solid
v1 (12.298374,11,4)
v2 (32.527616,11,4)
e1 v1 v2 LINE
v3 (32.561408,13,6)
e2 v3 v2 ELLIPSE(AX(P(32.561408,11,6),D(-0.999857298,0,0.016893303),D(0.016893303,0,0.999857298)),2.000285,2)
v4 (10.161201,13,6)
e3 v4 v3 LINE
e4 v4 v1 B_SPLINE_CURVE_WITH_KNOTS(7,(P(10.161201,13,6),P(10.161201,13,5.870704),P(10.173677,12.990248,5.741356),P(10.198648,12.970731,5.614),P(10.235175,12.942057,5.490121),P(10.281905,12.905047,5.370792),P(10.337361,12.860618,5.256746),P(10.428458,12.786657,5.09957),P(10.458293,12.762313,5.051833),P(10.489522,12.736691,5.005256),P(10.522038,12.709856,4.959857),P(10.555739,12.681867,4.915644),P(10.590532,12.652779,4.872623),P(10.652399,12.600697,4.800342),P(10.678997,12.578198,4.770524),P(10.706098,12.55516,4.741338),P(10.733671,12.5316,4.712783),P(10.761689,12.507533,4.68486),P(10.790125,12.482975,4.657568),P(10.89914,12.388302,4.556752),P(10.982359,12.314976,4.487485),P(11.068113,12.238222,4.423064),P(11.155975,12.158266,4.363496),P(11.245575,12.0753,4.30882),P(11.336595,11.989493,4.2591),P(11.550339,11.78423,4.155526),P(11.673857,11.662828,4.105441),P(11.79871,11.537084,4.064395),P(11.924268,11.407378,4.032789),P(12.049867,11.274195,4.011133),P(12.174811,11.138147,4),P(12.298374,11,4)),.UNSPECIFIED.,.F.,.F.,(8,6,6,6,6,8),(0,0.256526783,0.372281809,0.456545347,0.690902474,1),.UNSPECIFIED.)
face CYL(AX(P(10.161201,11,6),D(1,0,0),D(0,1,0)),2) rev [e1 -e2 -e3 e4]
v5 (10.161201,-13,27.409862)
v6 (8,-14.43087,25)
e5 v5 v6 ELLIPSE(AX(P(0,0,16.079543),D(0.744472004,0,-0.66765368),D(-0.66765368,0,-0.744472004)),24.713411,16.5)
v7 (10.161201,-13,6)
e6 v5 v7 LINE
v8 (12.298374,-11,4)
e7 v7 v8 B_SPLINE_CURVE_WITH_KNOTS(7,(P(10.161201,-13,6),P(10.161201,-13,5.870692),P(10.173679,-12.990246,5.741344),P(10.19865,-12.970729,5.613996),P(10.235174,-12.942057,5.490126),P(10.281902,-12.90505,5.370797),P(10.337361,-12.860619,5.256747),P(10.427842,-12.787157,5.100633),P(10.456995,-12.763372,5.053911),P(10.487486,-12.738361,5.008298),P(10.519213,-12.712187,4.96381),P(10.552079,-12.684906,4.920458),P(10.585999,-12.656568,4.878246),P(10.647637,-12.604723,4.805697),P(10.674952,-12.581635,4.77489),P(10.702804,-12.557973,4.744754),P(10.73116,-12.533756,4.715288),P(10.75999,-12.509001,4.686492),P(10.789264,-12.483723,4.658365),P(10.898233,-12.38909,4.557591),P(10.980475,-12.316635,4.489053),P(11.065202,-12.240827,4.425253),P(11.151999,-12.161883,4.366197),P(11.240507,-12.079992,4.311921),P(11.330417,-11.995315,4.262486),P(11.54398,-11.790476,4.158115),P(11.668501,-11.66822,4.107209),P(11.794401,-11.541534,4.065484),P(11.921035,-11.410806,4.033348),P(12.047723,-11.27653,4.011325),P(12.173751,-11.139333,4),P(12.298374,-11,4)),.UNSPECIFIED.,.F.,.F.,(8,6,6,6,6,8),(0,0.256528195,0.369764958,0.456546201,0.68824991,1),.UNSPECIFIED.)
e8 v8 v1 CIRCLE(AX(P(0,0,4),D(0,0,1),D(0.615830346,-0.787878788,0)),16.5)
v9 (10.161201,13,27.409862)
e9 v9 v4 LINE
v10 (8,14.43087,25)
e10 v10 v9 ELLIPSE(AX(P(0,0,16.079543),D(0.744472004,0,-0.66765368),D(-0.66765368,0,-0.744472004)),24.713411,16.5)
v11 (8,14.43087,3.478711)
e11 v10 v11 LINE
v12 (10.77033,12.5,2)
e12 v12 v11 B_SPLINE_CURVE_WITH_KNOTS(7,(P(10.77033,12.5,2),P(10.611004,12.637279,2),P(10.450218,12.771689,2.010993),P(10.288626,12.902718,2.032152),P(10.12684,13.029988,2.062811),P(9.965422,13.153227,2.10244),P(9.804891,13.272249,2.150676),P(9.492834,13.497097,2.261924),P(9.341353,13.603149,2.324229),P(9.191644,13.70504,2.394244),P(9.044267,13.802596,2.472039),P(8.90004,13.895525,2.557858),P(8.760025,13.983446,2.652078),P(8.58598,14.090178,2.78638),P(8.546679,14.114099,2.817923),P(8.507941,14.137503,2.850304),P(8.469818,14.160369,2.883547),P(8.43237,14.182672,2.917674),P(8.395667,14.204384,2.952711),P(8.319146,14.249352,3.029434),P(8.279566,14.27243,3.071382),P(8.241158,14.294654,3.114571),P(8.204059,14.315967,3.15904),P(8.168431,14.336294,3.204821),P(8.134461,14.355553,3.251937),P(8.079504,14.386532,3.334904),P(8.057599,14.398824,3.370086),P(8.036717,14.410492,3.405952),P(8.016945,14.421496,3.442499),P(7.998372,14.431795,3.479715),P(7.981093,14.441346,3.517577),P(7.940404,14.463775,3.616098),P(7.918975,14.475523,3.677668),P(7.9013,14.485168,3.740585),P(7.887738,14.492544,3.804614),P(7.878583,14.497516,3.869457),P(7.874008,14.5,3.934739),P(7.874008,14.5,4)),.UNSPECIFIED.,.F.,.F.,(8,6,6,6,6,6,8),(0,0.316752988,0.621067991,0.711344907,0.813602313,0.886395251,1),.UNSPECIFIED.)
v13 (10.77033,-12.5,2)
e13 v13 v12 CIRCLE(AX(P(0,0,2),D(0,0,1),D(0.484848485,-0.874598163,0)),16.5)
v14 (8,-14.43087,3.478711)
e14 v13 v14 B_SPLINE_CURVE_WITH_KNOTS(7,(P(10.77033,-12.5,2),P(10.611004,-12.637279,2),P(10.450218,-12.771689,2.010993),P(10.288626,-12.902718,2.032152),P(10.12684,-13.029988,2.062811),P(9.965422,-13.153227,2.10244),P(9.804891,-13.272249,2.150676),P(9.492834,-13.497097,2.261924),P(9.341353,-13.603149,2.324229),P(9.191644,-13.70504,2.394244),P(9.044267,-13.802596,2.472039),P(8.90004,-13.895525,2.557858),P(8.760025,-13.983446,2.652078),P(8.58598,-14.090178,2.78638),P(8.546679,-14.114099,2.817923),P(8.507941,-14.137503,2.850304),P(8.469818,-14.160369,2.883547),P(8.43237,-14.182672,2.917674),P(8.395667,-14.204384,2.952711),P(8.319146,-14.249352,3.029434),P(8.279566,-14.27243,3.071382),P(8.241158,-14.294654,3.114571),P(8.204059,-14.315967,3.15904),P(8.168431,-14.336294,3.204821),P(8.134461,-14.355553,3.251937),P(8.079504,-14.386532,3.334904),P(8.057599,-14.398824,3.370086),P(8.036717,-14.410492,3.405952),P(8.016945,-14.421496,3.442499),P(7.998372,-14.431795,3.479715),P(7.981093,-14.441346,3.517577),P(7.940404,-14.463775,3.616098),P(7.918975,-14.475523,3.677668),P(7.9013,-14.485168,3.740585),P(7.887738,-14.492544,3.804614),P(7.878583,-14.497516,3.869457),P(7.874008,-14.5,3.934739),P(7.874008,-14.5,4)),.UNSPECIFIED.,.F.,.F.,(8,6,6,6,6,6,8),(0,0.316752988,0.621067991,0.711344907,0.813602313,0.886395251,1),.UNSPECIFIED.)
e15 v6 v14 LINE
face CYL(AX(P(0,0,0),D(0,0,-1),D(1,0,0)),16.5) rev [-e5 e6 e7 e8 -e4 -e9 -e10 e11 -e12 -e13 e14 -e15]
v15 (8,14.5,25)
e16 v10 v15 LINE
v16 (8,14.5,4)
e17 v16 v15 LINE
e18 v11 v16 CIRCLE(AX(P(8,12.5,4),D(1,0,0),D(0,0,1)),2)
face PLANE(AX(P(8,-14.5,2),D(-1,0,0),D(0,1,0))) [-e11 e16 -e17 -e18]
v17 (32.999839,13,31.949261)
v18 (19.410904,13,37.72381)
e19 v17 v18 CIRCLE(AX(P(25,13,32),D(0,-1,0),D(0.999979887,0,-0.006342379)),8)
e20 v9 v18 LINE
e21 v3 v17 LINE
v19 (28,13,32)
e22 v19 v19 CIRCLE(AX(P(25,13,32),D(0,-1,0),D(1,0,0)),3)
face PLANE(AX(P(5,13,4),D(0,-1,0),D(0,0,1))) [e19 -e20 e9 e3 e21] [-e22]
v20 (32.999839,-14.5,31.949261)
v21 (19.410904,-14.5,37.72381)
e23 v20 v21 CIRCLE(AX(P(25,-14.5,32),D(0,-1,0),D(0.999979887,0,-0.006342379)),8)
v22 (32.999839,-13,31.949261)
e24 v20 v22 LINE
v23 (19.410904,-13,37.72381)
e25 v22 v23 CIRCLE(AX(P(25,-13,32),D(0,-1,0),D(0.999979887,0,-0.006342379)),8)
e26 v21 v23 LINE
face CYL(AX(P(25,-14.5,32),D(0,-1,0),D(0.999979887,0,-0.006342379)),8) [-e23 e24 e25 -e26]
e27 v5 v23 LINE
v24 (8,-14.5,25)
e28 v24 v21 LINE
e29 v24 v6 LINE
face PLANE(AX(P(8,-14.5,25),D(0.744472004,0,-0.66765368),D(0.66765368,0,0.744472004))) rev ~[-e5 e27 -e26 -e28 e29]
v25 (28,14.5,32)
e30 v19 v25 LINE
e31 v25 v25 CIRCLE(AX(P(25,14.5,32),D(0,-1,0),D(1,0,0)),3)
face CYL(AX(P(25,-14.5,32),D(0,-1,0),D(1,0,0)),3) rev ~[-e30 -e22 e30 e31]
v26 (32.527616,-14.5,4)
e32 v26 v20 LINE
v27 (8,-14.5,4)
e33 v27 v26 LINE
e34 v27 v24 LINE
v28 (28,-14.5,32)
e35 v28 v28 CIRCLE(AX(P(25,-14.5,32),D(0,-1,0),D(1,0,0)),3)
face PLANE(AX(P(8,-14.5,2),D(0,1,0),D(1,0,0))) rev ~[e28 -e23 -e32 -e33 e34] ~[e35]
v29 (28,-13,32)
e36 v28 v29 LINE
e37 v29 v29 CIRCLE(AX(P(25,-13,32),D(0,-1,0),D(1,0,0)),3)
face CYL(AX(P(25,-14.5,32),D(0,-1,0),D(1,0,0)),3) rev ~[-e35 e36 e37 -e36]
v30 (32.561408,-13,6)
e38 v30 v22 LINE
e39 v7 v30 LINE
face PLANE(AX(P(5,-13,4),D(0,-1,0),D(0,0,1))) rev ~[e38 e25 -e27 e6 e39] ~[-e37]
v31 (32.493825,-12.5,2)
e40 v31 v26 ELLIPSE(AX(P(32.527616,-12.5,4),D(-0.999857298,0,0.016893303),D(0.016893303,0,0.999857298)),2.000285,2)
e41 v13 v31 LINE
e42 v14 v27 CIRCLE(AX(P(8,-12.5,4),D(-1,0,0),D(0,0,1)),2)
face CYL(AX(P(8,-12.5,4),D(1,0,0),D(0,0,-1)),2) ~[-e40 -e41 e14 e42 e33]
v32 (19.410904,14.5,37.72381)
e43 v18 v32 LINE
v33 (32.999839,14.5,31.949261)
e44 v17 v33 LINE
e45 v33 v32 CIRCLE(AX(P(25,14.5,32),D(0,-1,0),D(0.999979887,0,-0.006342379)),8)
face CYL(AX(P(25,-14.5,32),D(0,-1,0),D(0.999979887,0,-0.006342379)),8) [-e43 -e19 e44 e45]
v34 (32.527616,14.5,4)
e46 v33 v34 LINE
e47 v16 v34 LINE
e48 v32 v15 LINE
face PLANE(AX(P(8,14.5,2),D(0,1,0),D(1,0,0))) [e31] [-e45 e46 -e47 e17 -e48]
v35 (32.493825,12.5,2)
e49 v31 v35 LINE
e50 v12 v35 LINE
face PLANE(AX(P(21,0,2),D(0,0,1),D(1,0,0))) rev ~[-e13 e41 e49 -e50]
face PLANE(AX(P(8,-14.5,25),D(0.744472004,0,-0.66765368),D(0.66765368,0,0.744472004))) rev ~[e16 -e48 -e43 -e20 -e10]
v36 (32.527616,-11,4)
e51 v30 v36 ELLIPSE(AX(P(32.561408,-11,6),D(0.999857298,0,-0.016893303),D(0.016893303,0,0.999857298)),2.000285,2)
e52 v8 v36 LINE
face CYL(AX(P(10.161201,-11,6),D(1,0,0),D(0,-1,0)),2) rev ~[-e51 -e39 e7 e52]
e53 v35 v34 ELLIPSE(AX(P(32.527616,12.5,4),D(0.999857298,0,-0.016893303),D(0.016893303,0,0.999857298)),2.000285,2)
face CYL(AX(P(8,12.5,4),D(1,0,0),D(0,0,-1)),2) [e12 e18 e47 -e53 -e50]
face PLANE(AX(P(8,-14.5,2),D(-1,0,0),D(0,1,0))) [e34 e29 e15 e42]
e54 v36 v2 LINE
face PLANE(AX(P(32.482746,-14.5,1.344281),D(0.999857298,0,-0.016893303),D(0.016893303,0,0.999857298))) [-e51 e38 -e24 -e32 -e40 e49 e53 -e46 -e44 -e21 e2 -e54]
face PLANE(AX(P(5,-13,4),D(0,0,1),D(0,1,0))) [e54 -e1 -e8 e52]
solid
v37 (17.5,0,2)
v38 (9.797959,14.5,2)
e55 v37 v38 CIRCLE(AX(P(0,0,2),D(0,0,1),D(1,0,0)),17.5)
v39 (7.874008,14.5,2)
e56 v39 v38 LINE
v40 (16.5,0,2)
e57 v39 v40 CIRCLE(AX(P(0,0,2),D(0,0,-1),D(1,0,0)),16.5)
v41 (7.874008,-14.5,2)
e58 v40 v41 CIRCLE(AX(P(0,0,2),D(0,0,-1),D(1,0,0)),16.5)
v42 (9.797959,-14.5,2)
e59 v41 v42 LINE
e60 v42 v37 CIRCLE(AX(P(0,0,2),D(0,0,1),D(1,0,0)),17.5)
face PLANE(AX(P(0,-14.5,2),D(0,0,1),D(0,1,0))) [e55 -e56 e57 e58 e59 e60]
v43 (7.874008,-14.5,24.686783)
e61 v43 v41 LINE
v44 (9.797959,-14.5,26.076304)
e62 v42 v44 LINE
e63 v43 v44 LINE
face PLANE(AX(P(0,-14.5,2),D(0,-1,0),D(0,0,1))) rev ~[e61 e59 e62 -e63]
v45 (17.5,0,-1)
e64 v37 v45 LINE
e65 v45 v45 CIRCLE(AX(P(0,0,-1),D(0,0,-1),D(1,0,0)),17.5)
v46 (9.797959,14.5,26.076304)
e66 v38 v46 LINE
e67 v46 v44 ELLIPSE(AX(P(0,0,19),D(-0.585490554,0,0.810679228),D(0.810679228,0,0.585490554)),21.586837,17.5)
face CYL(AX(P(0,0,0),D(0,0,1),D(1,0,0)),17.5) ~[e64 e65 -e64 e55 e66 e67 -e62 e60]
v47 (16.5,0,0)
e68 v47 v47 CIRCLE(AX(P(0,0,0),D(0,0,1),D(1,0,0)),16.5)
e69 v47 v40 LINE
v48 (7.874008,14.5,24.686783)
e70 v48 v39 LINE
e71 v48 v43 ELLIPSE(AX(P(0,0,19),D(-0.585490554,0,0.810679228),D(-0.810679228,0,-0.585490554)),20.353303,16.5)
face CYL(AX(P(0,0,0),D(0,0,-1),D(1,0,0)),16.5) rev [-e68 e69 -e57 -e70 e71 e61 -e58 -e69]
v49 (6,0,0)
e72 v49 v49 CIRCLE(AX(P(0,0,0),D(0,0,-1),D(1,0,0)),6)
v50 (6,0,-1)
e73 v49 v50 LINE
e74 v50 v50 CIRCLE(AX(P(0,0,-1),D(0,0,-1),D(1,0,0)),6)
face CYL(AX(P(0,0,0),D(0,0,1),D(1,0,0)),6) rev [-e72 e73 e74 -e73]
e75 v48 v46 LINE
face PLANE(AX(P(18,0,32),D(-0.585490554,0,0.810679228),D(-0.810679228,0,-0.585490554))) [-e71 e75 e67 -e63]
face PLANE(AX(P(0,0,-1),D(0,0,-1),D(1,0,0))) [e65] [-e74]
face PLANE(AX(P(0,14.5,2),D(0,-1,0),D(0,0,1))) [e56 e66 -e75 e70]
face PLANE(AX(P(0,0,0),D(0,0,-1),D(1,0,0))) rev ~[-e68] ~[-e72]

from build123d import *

# Parameters (mm, degrees)
SKETCH004_W     = 29
SKETCH004_H     = 32
PAD003_DEPTH    = 18
PAD002_DEPTH    = 18
SKETCH_R        = 17.5
SKETCH_R_2      = 16.5
PAD_DEPTH       = 32
SKETCH001_R     = 17.5
SKETCH001_R_2   = 6
PAD001_DEPTH    = 1
SKETCH005_W     = 26
SKETCH005_H     = 29
PAD004_DEPTH    = 39
BOX_W           = 26
BOX_H           = 50
BOX_DEPTH       = 30
CYLINDER_R      = 16.5
CYLINDER_DEPTH  = 42
SKETCH007_R     = 3
POCKET_DEPTH    = 30
POCKET001_DEPTH = 30
FILLET_R        = 2


with BuildPart() as body002:
    # Sketch004 → Pad003 (new body)
    with BuildSketch(Plane.YZ):
        with Locations((0, 18)):
            Rectangle(SKETCH004_W, SKETCH004_H)
    extrude(amount=PAD003_DEPTH)


with BuildPart() as body001:
    # Sketch003 → Pad002 (new body, symmetric)
    with BuildSketch(Plane.XZ):
        Polygon((-28, 32), (18, 32), (-18, 6), (-18, 0), (-28, 0), align=None)
    extrude(amount=PAD002_DEPTH, both=True)


with BuildPart() as cut001:
    # Sketch → Pad (new body)
    with BuildSketch(Plane.XY):
        Circle(SKETCH_R)
        Circle(SKETCH_R_2, mode=Mode.SUBTRACT)
    extrude(amount=PAD_DEPTH)

    # Sketch001 (on Face3 of Pad) → Pad001 (join)
    with BuildSketch(Plane(origin=(0, 0, 0), x_dir=(1, 0, 0), z_dir=(0, 0, -1))):
        Circle(SKETCH001_R)
        Circle(SKETCH001_R_2, mode=Mode.SUBTRACT)
    extrude(amount=PAD001_DEPTH)

    # Cut: cut Body001
    add(body001.part, mode=Mode.SUBTRACT)

    # Cut001: cut Body002
    add(body002.part, mode=Mode.SUBTRACT)


with BuildPart() as body003:
    # Sketch005 → Pad004 (new body)
    with BuildSketch(Plane.XY.offset(2)):
        with Locations((21, 0)):
            Rectangle(SKETCH005_W, SKETCH005_H)
    extrude(amount=PAD004_DEPTH)

    # Box → Box (cut)
    with BuildSketch(Plane(origin=(5, -13, 4), x_dir=(0, 1, 0), z_dir=(1, 0, 0))):
        with Locations((13, 25)):
            Rectangle(BOX_W, BOX_H)
    extrude(amount=BOX_DEPTH, mode=Mode.SUBTRACT)

    # Cylinder → Cylinder (cut)
    with BuildSketch(Plane.XY):
        Circle(CYLINDER_R)
    extrude(amount=CYLINDER_DEPTH, mode=Mode.SUBTRACT)

    # Sketch007 (on Face7 of Cylinder) → Pocket (cut)
    with BuildSketch(Plane.XZ.offset(14.5)):
        with Locations((25, 32)):
            Circle(SKETCH007_R)
    extrude(amount=-POCKET_DEPTH, mode=Mode.SUBTRACT)

    # Sketch008 (on Face10 of Pocket) → Pocket001 (cut)
    with BuildSketch(Plane.XZ.offset(14.5)):
        with BuildLine():
            Line((32.482746, 1.344281), (32.999839, 31.949261))
            ThreePointArc((32.999839, 31.949261), (28.128782, 39.362793), (19.410904, 37.72381))
            Line((8, 25), (19.410904, 37.72381))
            Line((8, 25), (8, 43.812584))
            Line((8, 43.812584), (37.606125, 43.812584))
            Line((37.606125, 43.812584), (37.606125, 1.344281))
            Line((37.606125, 1.344281), (32.482746, 1.344281))
        make_face()
    extrude(amount=-POCKET001_DEPTH, mode=Mode.SUBTRACT)

    # Fillet
    fillet_edges = [body003.edges().sort_by_distance(p)[0] for p in [
        (20.246912, -14.5, 2),
        (21.344408, -13, 4),
        (21.344408, 13, 4),
        (20.246912, 14.5, 2),
    ]]
    fillet(fillet_edges, radius=FILLET_R)


solid = Compound([cut001.part, body003.part])
